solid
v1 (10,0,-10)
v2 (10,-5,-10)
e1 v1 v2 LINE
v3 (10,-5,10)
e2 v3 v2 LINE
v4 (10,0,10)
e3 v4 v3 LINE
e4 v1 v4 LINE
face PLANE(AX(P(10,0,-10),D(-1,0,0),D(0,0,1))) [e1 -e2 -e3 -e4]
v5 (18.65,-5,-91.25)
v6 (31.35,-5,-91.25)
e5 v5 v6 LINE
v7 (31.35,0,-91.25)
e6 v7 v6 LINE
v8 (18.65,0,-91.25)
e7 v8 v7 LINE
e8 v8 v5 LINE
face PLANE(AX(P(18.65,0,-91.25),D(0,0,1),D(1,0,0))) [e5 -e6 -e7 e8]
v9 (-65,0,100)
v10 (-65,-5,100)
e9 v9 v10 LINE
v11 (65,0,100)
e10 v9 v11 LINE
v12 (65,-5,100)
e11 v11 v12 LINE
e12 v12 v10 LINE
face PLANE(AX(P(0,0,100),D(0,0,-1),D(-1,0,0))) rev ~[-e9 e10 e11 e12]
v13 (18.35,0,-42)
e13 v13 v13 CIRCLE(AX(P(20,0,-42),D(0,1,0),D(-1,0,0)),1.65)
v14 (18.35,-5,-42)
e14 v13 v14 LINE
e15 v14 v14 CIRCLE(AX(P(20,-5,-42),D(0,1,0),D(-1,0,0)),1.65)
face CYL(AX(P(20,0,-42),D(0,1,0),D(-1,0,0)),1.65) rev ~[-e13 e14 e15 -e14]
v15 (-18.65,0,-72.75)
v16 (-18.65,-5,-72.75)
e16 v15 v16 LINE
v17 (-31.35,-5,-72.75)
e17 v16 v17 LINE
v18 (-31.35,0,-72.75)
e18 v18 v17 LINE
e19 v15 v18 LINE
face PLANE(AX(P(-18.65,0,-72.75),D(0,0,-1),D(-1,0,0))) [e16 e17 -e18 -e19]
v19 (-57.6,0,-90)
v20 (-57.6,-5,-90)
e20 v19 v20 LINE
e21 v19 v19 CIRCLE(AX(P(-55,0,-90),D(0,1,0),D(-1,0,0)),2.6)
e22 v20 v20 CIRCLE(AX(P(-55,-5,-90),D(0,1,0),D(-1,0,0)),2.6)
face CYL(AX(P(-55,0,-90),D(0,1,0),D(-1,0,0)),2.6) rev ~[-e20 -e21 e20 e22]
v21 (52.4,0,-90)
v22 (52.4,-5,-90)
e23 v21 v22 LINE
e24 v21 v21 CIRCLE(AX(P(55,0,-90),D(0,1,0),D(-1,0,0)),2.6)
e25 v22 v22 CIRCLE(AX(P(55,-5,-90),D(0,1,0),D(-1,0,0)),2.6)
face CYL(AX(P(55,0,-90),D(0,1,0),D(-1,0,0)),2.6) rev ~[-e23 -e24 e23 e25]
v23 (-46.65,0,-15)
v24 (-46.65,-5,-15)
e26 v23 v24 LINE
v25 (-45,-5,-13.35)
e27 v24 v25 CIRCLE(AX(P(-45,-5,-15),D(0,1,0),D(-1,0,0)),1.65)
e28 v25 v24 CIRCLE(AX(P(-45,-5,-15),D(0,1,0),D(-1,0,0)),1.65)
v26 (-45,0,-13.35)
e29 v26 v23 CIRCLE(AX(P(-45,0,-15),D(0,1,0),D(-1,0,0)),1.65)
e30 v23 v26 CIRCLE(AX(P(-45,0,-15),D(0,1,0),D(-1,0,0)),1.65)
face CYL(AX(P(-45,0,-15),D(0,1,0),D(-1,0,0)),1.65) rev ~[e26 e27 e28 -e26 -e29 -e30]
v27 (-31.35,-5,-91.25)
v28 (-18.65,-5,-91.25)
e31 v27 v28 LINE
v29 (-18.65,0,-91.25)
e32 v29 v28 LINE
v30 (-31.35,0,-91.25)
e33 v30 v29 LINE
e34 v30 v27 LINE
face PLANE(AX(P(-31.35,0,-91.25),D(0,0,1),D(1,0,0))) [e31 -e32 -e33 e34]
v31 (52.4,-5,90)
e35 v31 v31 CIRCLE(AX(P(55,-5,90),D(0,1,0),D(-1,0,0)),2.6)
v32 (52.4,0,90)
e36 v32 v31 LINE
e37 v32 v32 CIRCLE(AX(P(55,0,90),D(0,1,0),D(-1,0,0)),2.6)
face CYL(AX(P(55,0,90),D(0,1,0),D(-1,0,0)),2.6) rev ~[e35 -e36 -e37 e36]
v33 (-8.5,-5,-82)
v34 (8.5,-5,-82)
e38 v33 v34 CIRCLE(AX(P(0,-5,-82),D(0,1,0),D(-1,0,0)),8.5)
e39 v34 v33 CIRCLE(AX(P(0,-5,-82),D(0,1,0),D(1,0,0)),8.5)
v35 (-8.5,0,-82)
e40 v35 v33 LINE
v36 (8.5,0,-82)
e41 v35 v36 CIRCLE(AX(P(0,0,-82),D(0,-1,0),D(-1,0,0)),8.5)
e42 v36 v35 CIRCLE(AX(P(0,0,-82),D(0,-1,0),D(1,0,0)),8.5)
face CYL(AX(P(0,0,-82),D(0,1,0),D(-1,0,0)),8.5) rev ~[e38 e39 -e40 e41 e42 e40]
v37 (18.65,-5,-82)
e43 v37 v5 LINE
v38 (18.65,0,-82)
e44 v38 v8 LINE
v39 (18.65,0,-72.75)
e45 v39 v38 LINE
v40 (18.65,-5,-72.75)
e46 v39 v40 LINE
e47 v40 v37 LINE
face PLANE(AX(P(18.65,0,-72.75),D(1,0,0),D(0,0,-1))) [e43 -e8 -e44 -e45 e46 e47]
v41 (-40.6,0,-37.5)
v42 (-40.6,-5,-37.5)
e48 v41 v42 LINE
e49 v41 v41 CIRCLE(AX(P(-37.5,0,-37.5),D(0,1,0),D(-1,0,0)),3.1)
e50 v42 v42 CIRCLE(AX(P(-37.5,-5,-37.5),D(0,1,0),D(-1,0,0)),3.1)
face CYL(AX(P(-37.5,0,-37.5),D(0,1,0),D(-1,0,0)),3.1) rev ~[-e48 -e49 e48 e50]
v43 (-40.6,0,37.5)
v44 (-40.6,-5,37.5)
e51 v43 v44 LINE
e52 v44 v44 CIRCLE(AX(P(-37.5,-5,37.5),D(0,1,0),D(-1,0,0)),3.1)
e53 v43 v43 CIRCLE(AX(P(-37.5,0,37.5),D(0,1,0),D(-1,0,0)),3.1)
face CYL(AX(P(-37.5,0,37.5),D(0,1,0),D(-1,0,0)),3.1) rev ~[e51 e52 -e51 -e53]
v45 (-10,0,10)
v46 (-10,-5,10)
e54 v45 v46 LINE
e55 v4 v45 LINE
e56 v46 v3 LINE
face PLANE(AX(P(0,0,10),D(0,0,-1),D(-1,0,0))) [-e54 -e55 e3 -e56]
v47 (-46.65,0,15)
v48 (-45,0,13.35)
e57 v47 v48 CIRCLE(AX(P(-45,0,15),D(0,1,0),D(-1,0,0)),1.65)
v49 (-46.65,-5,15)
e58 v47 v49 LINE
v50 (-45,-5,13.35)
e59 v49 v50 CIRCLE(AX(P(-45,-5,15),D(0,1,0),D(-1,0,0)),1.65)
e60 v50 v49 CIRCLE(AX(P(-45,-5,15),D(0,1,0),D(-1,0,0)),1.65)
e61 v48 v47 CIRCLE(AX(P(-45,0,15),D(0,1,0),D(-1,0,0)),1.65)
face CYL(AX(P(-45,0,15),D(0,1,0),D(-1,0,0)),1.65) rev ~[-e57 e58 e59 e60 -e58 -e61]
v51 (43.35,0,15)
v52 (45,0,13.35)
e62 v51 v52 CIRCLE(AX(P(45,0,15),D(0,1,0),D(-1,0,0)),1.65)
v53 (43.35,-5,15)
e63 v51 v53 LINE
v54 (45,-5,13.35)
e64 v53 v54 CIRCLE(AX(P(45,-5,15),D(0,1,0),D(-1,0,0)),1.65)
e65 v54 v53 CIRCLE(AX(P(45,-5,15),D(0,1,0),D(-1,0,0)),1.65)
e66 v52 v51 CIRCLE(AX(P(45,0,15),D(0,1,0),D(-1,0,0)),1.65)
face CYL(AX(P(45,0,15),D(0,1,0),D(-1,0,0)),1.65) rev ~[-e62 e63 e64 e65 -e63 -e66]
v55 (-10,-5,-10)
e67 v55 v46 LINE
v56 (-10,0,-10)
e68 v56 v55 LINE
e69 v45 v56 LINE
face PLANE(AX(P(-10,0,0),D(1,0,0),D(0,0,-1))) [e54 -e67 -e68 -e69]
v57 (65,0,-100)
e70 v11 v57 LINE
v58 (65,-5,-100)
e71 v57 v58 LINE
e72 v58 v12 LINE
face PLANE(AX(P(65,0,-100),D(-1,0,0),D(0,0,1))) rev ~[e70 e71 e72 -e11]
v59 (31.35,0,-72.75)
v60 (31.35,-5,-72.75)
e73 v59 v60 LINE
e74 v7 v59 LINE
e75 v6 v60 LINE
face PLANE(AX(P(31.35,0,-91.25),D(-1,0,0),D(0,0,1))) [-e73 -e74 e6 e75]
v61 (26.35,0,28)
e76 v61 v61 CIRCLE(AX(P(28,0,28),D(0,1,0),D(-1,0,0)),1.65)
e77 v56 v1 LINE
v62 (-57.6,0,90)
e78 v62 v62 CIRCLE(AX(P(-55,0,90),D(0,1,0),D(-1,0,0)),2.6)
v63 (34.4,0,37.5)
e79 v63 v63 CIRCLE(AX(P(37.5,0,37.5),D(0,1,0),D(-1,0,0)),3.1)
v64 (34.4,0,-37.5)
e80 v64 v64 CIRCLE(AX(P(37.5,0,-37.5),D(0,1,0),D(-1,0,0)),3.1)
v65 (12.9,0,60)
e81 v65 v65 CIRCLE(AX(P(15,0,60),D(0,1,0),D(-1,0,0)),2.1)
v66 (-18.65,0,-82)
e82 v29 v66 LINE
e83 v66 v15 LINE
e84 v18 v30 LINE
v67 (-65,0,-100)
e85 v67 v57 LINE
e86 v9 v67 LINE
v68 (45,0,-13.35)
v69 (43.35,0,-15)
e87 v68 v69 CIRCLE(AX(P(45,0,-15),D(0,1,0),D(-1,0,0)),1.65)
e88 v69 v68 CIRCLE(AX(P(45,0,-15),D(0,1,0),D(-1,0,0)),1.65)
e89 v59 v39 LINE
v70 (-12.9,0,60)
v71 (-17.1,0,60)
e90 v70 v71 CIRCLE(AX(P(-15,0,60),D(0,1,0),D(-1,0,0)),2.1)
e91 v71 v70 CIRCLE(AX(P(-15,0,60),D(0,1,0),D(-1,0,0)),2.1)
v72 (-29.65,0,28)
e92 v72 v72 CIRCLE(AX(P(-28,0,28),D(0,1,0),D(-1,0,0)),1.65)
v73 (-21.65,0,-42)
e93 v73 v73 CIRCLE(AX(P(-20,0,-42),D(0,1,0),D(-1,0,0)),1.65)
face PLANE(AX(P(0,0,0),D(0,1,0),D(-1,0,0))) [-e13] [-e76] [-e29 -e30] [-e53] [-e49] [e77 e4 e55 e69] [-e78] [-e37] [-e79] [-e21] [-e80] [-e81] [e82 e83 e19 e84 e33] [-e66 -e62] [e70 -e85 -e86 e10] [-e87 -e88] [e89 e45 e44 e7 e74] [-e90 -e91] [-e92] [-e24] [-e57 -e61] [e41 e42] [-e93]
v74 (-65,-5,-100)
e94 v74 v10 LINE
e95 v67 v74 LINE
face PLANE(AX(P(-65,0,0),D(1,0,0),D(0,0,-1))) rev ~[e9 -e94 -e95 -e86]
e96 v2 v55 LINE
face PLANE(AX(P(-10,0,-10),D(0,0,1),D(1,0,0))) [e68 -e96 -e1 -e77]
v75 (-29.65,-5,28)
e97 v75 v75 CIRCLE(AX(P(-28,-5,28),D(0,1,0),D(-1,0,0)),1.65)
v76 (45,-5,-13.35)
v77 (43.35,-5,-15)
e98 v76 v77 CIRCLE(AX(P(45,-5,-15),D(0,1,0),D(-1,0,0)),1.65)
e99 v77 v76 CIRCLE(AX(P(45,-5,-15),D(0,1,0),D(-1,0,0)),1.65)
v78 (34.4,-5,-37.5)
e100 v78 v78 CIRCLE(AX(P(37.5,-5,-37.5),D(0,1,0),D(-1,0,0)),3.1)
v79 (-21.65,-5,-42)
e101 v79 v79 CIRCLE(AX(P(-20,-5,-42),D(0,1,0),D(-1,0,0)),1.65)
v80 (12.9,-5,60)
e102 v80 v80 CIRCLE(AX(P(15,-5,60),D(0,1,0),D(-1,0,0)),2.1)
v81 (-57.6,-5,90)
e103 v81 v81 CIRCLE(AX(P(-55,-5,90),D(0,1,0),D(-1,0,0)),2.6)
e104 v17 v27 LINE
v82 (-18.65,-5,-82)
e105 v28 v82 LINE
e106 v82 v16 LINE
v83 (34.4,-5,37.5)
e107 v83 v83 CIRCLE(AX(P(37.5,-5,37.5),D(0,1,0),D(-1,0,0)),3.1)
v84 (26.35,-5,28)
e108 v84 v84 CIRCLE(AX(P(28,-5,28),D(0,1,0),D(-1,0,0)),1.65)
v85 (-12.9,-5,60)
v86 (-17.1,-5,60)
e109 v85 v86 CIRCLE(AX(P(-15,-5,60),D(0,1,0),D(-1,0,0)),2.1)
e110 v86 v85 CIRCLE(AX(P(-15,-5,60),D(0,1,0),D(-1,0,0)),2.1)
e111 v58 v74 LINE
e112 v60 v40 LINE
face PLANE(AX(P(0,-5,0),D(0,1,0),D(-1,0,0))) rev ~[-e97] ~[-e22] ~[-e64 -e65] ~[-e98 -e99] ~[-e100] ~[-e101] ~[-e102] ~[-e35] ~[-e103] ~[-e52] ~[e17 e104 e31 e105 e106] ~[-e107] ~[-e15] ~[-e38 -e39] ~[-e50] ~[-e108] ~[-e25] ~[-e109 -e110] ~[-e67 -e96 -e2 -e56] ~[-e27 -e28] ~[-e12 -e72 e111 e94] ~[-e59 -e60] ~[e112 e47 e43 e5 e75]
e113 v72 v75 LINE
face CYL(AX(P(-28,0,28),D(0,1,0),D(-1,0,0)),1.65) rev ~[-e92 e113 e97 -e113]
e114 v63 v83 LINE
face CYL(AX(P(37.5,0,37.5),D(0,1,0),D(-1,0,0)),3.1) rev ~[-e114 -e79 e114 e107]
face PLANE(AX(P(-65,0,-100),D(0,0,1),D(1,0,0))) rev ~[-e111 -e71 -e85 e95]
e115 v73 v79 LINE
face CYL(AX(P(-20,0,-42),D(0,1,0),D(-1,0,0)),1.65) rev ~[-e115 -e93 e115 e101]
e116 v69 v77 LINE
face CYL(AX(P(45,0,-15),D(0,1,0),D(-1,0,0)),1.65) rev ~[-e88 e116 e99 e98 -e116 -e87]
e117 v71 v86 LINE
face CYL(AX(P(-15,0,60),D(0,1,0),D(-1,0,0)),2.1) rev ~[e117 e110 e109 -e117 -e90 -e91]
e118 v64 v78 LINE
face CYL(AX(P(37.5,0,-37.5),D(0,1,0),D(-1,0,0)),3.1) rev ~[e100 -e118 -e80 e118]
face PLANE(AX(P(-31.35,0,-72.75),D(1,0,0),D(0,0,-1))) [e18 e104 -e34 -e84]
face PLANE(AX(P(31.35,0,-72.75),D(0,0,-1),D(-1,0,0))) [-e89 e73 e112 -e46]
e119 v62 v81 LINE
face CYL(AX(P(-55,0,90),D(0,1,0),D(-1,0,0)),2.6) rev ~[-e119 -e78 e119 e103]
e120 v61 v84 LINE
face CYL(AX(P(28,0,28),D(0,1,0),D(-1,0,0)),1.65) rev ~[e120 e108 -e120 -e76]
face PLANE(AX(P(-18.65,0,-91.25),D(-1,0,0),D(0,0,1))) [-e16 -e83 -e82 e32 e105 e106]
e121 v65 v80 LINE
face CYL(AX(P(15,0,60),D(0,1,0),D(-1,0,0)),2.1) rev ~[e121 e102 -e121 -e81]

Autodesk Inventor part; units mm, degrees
ref_plane "YZ Plane" through (0, 0, 0) normal (1, 0, 0) x (0, 1, 0)
ref_plane "XZ Plane" through (0, 0, 0) normal (0, 1, 0) x (-1, 0, 0)
ref_plane "XY Plane" through (0, 0, 0) normal (0, 0, 1) x (1, 0, 0)
sketch "Esquisse1" plane through (0, 0, 0) normal (0, 1, 0) x (-1, 0, 0)
  line L0 (65, -100) -> (-65, -100)
  line L1 (-65, -100) -> (-65, 100)
  line L2 (-65, 100) -> (65, 100)
  line L3 (65, 100) -> (65, -100)
  line L4 (65, -100) -> (-65, 100) construction
  line L5 (-65, -100) -> (65, 100) construction
  circle A0 centre (55, -90) radius 2.6
  line L6 (91, 0) -> (-91, 0) projected
  circle A1 centre (55, 90) radius 2.6
  circle A2 centre (-55, -90) radius 2.6
  circle A3 centre (-55, 90) radius 2.6
  circle A4 centre (0, 0) radius 53.033 construction
  line L7 (-37.5, -37.5) -> (37.5, -37.5) construction
  line L8 (37.5, -37.5) -> (37.5, 37.5) construction
  line L9 (37.5, 37.5) -> (-37.5, 37.5) construction
  line L10 (-37.5, 37.5) -> (-37.5, -37.5) construction
  line L11 (-37.5, -37.5) -> (37.5, 37.5) construction
  line L12 (37.5, -37.5) -> (-37.5, 37.5) construction
  circle A5 centre (37.5, -37.5) radius 3.1
  circle A6 centre (-37.5, -37.5) radius 3.1
  circle A7 centre (-37.5, 37.5) radius 3.1
  circle A8 centre (37.5, 37.5) radius 3.1
  line L13 (-28, -28) -> (28, -28) construction
  line L14 (28, -28) -> (28, 28) construction
  line L15 (28, 28) -> (-28, 28) construction
  line L16 (-28, 28) -> (-28, -28) construction
  line L17 (-28, -28) -> (28, 28) construction
  line L18 (28, -28) -> (-28, 28) construction
  circle A9 centre (28, 28) radius 1.65
  circle A10 centre (-28, 28) radius 1.65
  line L19 (-20, 42) -> (20, 42) construction
  line L20 (20, 42) -> (20, -42) construction
  line L21 (20, -42) -> (-20, -42) construction
  line L22 (-20, -42) -> (-20, 42) construction
  line L23 (-20, 42) -> (20, -42) construction
  line L24 (20, 42) -> (-20, -42) construction
  circle A11 centre (20, -42) radius 1.65
  circle A12 centre (-20, -42) radius 1.65
  circle A13 centre (0, -82) radius 8.5
  line L25 (25, -82) -> (0, -82)
  line L26 (-25, -82) -> (0, -82)
  line L27 (31.35, -91.25) -> (18.65, -91.25)
  line L28 (18.65, -91.25) -> (18.65, -72.75)
  line L29 (18.65, -72.75) -> (31.35, -72.75)
  line L30 (31.35, -72.75) -> (31.35, -91.25)
  line L31 (31.35, -91.25) -> (18.65, -72.75) construction
  line L32 (18.65, -91.25) -> (31.35, -72.75) construction
  line L33 (-31.35, -72.75) -> (-18.65, -72.75)
  line L34 (-18.65, -72.75) -> (-18.65, -91.25)
  line L35 (-18.65, -91.25) -> (-31.35, -91.25)
  line L36 (-31.35, -91.25) -> (-31.35, -72.75)
  line L37 (-31.35, -72.75) -> (-18.65, -91.25) construction
  line L38 (-18.65, -72.75) -> (-31.35, -91.25) construction
  line L39 (0, -140) -> (0, 140) projected
  line L40 (-10, 10) -> (10, 10)
  line L41 (10, 10) -> (10, -10)
  line L42 (10, -10) -> (-10, -10)
  line L43 (-10, -10) -> (-10, 10)
  line L44 (-10, 10) -> (10, -10) construction
  line L45 (10, 10) -> (-10, -10) construction
  line L46 (15, 60) -> (0, 60)
  line L47 (-15, 60) -> (0, 60)
  circle A14 centre (15, 60) radius 2.1
  circle A15 centre (-15, 60) radius 2.1
  line L48 (65, 0) -> (45, 0)
  line L49 (-65, 0) -> (-45, 0)
  line L50 (45, -15) -> (45, 0)
  line L51 (45, 15) -> (45, 0)
  line L52 (-45, -15) -> (-45, 0)
  line L53 (-45, 0) -> (-45, 15)
  circle A16 centre (45, -15) radius 1.65
  circle A17 centre (45, 15) radius 1.65
  circle A18 centre (-45, -15) radius 1.65
  circle A19 centre (-45, 15) radius 1.65
  point P0 (65, -80)
  point P1 (0, 0)
  dimension "d48" = 106.066
  dimension "d1" = 130
  dimension "d2" = 200
  dimension "d8" = 5.2
  dimension "d9" = 10
  dimension "d10" = 10
  dimension "d21" = 10
  dimension "d22" = 10
  dimension "d27" = 10
  dimension "d46" = 6.2
  dimension "d47" = 75
  dimension "d49" = 56
  dimension "d50" = 3.3
  dimension "d51" = 40
  dimension "d52" = 84
  dimension "d53" = 18
  dimension "d54" = 17
  dimension "d55" = 12.7
  dimension "d56" = 18.5
  dimension "d57" = 25
  dimension "d58" = 20
  dimension "d59" = 4.2
  dimension "d60" = 30
  dimension "d61" = 40
  dimension "d62" = 30
  dimension "d63" = 3.3
  dimension "d64" = 20
extrude "Extrusion1" add sketch "Esquisse1" against normal blind 5 contours L0 L39 A13 L42 L41 L6 L3 | L0 L1 L6 L43 L42 L39 A13 | L6 L41 L40 L39 L2 L3 | L1 L2 L39 L40 L43 L6
properties part number "Etage robot réduit"
